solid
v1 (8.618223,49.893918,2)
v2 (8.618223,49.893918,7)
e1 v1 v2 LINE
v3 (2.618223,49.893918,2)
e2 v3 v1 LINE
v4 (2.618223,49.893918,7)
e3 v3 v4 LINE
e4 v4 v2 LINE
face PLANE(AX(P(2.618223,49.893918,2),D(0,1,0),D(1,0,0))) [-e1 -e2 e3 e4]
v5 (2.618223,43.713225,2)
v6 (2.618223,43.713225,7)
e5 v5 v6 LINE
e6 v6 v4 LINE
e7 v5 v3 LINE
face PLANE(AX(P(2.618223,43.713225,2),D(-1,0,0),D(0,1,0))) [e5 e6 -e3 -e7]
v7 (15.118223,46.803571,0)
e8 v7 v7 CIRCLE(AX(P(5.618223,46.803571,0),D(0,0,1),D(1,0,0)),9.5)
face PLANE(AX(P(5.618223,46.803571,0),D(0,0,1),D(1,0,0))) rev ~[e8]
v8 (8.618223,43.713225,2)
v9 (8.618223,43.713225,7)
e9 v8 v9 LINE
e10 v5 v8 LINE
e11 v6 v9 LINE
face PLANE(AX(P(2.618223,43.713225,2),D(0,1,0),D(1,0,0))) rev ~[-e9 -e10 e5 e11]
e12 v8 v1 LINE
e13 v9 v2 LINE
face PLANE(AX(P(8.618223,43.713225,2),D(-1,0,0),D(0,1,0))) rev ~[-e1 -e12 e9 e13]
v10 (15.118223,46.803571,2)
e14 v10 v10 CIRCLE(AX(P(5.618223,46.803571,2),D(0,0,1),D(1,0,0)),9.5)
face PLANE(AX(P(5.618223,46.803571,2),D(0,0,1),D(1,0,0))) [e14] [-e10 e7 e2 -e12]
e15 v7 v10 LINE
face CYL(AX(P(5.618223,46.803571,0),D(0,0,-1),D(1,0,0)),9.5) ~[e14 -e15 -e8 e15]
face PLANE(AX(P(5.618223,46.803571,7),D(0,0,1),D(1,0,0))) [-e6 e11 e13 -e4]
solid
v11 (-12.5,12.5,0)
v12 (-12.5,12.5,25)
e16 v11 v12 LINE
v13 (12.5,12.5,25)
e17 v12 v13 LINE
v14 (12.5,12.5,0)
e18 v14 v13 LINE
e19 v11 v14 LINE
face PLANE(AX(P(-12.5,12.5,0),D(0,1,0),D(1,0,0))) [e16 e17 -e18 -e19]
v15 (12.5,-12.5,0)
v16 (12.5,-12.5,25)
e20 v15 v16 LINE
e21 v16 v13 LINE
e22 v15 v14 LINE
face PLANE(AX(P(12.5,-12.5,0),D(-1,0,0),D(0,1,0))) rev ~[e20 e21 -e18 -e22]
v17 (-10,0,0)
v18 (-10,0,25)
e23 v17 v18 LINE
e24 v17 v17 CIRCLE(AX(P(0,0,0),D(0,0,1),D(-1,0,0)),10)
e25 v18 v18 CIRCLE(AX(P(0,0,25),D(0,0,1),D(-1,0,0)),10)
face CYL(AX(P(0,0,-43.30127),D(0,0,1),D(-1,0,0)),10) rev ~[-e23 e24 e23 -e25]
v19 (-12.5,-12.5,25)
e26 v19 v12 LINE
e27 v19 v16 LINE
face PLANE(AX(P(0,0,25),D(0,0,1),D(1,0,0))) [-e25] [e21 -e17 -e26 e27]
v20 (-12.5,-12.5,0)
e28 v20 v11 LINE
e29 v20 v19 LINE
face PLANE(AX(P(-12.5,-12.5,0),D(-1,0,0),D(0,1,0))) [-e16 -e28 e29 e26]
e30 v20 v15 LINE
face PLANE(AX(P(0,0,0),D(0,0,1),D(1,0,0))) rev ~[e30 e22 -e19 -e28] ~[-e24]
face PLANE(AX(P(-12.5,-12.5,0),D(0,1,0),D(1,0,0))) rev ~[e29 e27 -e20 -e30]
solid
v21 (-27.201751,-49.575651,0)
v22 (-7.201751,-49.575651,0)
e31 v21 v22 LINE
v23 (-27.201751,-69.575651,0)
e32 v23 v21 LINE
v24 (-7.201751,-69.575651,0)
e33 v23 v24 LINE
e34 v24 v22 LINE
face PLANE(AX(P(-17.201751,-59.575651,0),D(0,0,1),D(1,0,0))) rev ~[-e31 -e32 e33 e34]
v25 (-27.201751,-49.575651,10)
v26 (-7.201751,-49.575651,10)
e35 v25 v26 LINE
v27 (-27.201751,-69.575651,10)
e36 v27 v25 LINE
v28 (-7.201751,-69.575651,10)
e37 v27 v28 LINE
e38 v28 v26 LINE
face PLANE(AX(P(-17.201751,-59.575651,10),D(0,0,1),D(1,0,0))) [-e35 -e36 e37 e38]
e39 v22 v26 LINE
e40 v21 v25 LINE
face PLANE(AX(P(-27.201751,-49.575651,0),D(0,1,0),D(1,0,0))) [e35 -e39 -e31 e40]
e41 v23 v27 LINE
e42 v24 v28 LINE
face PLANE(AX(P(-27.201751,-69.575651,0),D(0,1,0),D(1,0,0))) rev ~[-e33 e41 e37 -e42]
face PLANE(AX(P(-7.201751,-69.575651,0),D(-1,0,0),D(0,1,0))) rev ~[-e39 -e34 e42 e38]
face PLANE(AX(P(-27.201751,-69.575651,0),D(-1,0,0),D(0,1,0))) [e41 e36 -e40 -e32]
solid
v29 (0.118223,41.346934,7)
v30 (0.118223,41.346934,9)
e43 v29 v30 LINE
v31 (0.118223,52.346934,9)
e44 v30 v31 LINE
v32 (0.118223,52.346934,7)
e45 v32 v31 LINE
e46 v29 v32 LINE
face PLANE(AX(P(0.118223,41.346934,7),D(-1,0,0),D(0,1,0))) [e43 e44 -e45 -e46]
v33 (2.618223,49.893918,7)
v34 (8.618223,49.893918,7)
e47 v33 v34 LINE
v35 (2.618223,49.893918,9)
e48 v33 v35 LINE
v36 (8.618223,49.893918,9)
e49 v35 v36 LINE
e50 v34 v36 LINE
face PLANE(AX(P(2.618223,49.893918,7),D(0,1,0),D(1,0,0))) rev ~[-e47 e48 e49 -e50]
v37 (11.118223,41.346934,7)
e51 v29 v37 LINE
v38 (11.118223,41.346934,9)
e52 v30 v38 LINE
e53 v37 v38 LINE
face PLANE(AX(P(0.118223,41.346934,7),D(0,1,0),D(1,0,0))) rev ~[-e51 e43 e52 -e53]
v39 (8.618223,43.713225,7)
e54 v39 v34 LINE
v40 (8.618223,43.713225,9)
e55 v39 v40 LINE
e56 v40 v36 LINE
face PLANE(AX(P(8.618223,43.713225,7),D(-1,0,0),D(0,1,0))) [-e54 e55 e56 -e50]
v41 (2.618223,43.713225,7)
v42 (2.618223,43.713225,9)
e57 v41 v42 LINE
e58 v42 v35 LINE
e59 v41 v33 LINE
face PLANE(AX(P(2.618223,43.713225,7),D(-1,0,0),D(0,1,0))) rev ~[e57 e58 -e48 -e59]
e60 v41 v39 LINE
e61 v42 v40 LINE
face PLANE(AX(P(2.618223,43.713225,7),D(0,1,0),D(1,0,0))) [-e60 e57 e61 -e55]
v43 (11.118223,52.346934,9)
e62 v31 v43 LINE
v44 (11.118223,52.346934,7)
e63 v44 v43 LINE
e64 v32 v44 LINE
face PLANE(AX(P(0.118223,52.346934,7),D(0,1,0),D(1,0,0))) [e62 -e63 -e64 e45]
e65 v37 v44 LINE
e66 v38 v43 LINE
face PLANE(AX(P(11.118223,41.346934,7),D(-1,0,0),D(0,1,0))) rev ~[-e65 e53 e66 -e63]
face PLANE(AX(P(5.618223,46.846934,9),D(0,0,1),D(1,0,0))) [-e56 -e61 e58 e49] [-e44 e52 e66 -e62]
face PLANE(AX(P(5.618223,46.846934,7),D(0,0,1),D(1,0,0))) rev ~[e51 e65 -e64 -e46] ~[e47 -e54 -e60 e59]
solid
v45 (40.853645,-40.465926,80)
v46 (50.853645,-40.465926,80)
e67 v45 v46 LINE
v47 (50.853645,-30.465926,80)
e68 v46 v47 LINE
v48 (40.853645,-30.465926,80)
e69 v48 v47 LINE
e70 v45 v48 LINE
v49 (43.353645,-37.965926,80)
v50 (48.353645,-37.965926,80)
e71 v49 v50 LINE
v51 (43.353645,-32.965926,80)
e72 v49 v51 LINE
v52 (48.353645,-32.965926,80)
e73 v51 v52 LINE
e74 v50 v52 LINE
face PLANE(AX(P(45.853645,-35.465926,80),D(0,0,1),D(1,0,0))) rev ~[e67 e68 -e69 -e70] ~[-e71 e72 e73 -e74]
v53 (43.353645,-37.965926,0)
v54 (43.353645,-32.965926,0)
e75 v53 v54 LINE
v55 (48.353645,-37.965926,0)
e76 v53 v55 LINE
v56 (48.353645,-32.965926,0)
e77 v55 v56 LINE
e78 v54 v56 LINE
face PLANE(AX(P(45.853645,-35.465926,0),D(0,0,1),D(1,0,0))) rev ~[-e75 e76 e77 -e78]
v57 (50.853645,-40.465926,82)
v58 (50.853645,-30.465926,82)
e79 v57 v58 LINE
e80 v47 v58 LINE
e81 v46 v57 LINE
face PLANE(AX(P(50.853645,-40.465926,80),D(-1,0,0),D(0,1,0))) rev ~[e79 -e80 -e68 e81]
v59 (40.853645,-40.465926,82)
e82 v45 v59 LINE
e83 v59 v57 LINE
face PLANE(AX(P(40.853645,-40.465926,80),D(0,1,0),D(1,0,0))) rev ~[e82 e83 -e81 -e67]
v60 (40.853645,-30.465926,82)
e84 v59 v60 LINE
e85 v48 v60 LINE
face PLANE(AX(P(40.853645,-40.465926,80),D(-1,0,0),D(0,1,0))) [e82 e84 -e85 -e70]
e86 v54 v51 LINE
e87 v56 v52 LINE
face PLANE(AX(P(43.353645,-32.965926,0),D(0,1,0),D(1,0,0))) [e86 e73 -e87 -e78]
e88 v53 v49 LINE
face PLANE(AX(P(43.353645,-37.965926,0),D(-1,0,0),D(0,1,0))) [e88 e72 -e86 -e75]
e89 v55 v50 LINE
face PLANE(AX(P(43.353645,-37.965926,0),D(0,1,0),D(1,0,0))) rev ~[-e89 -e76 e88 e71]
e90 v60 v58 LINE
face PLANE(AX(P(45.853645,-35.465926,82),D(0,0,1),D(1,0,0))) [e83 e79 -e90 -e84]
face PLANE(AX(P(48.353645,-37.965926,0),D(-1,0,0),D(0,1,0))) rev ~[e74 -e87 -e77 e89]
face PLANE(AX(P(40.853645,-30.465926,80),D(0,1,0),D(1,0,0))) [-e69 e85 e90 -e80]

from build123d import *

# Parameters (mm, degrees)
F0_W      = 25
F0_H      = 25
F1_DEPTH  = 25
F2_D      = 20
F3_R      = 9.5
F4_DEPTH  = 2
F5_W      = 6
F5_H      = 6.1806928968
F6_DEPTH  = 5
F7_W      = 15
F7_H      = 15
F8_DEPTH  = 80
F9_W      = 5
F9_H      = 5
F10_DEPTH = 80
F12_W     = 10
F12_H     = 10
F12_W_2   = 5
F12_H_2   = 5
F13_DEPTH = 2
F14_W     = 20
F14_H     = 20
F15_DEPTH = 10
F16_W     = 11
F16_H     = 11
F16_W_2   = 6
F16_H_2   = 6.1806928968
F17_DEPTH = 2


with BuildPart() as f1:
    # F0 (on Top) → F1 (new body)
    with BuildSketch(Plane.XY):
        Rectangle(F0_W, F0_H)
    extrude(amount=F1_DEPTH)

    # F2 (through all)
    with Locations(Plane(origin=(0, 0, 0), x_dir=(1, 0, 0), z_dir=(0, 0, -1))):
        with Locations((0, 0)):
            Hole(F2_D / 2)


with BuildPart() as f4:
    # F3 (on Top) → F4 (new body)
    with BuildSketch(Plane.XY):
        with Locations((5.6182225235, 46.8035712838)):
            Circle(F3_R)
    extrude(amount=F4_DEPTH)

    # F5 (on face) → F6 (join)
    with BuildSketch(Plane.XY.offset(2)):
        with Locations((5.6182225235, 46.8035712838)):
            Rectangle(F5_W, F5_H)
    extrude(amount=F6_DEPTH)


with BuildPart() as f8:
    # F7 (on Top) → F8 (new body)
    with BuildSketch(Plane.XY):
        with Locations((1.6906128443, -58.413207531)):
            Rectangle(F7_W, F7_H)
    extrude(amount=F8_DEPTH)


with BuildPart() as f10:
    # F9 (on Top) → F10 (new body)
    with BuildSketch(Plane.XY):
        with Locations((45.8536446095, -35.4659261686)):
            Rectangle(F9_W, F9_H)
    extrude(amount=F10_DEPTH)

    # F12 (on face) → F13 (join)
    with BuildSketch(Plane.XY.offset(80)):
        with Locations((45.8536446095, -35.4659261686)):
            Rectangle(F12_W, F12_H)
        with Locations((45.8536446095, -35.4659261686)):
            Rectangle(F12_W_2, F12_H_2, mode=Mode.SUBTRACT)
        with Locations((45.8536446095, -35.4659261686)):
            Rectangle(F12_W_2, F12_H_2)
    extrude(amount=F13_DEPTH)


with BuildPart() as f15:
    # F14 (on Top) → F15 (new body)
    with BuildSketch(Plane.XY):
        with Locations((-17.2017511346, -59.575650841)):
            Rectangle(F14_W, F14_H)
    extrude(amount=F15_DEPTH)


with BuildPart() as f17:
    # F16 (on face) → F17 (new body)
    with BuildSketch(Plane.XY.offset(7)):
        with Locations((5.6182225235, 46.8469336629)):
            Rectangle(F16_W, F16_H)
        with Locations((5.6182225235, 46.8035712838)):
            Rectangle(F16_W_2, F16_H_2, mode=Mode.SUBTRACT)
    extrude(amount=F17_DEPTH)


solid = Compound([f1.part, f4.part, f10.part, f15.part, f17.part])
